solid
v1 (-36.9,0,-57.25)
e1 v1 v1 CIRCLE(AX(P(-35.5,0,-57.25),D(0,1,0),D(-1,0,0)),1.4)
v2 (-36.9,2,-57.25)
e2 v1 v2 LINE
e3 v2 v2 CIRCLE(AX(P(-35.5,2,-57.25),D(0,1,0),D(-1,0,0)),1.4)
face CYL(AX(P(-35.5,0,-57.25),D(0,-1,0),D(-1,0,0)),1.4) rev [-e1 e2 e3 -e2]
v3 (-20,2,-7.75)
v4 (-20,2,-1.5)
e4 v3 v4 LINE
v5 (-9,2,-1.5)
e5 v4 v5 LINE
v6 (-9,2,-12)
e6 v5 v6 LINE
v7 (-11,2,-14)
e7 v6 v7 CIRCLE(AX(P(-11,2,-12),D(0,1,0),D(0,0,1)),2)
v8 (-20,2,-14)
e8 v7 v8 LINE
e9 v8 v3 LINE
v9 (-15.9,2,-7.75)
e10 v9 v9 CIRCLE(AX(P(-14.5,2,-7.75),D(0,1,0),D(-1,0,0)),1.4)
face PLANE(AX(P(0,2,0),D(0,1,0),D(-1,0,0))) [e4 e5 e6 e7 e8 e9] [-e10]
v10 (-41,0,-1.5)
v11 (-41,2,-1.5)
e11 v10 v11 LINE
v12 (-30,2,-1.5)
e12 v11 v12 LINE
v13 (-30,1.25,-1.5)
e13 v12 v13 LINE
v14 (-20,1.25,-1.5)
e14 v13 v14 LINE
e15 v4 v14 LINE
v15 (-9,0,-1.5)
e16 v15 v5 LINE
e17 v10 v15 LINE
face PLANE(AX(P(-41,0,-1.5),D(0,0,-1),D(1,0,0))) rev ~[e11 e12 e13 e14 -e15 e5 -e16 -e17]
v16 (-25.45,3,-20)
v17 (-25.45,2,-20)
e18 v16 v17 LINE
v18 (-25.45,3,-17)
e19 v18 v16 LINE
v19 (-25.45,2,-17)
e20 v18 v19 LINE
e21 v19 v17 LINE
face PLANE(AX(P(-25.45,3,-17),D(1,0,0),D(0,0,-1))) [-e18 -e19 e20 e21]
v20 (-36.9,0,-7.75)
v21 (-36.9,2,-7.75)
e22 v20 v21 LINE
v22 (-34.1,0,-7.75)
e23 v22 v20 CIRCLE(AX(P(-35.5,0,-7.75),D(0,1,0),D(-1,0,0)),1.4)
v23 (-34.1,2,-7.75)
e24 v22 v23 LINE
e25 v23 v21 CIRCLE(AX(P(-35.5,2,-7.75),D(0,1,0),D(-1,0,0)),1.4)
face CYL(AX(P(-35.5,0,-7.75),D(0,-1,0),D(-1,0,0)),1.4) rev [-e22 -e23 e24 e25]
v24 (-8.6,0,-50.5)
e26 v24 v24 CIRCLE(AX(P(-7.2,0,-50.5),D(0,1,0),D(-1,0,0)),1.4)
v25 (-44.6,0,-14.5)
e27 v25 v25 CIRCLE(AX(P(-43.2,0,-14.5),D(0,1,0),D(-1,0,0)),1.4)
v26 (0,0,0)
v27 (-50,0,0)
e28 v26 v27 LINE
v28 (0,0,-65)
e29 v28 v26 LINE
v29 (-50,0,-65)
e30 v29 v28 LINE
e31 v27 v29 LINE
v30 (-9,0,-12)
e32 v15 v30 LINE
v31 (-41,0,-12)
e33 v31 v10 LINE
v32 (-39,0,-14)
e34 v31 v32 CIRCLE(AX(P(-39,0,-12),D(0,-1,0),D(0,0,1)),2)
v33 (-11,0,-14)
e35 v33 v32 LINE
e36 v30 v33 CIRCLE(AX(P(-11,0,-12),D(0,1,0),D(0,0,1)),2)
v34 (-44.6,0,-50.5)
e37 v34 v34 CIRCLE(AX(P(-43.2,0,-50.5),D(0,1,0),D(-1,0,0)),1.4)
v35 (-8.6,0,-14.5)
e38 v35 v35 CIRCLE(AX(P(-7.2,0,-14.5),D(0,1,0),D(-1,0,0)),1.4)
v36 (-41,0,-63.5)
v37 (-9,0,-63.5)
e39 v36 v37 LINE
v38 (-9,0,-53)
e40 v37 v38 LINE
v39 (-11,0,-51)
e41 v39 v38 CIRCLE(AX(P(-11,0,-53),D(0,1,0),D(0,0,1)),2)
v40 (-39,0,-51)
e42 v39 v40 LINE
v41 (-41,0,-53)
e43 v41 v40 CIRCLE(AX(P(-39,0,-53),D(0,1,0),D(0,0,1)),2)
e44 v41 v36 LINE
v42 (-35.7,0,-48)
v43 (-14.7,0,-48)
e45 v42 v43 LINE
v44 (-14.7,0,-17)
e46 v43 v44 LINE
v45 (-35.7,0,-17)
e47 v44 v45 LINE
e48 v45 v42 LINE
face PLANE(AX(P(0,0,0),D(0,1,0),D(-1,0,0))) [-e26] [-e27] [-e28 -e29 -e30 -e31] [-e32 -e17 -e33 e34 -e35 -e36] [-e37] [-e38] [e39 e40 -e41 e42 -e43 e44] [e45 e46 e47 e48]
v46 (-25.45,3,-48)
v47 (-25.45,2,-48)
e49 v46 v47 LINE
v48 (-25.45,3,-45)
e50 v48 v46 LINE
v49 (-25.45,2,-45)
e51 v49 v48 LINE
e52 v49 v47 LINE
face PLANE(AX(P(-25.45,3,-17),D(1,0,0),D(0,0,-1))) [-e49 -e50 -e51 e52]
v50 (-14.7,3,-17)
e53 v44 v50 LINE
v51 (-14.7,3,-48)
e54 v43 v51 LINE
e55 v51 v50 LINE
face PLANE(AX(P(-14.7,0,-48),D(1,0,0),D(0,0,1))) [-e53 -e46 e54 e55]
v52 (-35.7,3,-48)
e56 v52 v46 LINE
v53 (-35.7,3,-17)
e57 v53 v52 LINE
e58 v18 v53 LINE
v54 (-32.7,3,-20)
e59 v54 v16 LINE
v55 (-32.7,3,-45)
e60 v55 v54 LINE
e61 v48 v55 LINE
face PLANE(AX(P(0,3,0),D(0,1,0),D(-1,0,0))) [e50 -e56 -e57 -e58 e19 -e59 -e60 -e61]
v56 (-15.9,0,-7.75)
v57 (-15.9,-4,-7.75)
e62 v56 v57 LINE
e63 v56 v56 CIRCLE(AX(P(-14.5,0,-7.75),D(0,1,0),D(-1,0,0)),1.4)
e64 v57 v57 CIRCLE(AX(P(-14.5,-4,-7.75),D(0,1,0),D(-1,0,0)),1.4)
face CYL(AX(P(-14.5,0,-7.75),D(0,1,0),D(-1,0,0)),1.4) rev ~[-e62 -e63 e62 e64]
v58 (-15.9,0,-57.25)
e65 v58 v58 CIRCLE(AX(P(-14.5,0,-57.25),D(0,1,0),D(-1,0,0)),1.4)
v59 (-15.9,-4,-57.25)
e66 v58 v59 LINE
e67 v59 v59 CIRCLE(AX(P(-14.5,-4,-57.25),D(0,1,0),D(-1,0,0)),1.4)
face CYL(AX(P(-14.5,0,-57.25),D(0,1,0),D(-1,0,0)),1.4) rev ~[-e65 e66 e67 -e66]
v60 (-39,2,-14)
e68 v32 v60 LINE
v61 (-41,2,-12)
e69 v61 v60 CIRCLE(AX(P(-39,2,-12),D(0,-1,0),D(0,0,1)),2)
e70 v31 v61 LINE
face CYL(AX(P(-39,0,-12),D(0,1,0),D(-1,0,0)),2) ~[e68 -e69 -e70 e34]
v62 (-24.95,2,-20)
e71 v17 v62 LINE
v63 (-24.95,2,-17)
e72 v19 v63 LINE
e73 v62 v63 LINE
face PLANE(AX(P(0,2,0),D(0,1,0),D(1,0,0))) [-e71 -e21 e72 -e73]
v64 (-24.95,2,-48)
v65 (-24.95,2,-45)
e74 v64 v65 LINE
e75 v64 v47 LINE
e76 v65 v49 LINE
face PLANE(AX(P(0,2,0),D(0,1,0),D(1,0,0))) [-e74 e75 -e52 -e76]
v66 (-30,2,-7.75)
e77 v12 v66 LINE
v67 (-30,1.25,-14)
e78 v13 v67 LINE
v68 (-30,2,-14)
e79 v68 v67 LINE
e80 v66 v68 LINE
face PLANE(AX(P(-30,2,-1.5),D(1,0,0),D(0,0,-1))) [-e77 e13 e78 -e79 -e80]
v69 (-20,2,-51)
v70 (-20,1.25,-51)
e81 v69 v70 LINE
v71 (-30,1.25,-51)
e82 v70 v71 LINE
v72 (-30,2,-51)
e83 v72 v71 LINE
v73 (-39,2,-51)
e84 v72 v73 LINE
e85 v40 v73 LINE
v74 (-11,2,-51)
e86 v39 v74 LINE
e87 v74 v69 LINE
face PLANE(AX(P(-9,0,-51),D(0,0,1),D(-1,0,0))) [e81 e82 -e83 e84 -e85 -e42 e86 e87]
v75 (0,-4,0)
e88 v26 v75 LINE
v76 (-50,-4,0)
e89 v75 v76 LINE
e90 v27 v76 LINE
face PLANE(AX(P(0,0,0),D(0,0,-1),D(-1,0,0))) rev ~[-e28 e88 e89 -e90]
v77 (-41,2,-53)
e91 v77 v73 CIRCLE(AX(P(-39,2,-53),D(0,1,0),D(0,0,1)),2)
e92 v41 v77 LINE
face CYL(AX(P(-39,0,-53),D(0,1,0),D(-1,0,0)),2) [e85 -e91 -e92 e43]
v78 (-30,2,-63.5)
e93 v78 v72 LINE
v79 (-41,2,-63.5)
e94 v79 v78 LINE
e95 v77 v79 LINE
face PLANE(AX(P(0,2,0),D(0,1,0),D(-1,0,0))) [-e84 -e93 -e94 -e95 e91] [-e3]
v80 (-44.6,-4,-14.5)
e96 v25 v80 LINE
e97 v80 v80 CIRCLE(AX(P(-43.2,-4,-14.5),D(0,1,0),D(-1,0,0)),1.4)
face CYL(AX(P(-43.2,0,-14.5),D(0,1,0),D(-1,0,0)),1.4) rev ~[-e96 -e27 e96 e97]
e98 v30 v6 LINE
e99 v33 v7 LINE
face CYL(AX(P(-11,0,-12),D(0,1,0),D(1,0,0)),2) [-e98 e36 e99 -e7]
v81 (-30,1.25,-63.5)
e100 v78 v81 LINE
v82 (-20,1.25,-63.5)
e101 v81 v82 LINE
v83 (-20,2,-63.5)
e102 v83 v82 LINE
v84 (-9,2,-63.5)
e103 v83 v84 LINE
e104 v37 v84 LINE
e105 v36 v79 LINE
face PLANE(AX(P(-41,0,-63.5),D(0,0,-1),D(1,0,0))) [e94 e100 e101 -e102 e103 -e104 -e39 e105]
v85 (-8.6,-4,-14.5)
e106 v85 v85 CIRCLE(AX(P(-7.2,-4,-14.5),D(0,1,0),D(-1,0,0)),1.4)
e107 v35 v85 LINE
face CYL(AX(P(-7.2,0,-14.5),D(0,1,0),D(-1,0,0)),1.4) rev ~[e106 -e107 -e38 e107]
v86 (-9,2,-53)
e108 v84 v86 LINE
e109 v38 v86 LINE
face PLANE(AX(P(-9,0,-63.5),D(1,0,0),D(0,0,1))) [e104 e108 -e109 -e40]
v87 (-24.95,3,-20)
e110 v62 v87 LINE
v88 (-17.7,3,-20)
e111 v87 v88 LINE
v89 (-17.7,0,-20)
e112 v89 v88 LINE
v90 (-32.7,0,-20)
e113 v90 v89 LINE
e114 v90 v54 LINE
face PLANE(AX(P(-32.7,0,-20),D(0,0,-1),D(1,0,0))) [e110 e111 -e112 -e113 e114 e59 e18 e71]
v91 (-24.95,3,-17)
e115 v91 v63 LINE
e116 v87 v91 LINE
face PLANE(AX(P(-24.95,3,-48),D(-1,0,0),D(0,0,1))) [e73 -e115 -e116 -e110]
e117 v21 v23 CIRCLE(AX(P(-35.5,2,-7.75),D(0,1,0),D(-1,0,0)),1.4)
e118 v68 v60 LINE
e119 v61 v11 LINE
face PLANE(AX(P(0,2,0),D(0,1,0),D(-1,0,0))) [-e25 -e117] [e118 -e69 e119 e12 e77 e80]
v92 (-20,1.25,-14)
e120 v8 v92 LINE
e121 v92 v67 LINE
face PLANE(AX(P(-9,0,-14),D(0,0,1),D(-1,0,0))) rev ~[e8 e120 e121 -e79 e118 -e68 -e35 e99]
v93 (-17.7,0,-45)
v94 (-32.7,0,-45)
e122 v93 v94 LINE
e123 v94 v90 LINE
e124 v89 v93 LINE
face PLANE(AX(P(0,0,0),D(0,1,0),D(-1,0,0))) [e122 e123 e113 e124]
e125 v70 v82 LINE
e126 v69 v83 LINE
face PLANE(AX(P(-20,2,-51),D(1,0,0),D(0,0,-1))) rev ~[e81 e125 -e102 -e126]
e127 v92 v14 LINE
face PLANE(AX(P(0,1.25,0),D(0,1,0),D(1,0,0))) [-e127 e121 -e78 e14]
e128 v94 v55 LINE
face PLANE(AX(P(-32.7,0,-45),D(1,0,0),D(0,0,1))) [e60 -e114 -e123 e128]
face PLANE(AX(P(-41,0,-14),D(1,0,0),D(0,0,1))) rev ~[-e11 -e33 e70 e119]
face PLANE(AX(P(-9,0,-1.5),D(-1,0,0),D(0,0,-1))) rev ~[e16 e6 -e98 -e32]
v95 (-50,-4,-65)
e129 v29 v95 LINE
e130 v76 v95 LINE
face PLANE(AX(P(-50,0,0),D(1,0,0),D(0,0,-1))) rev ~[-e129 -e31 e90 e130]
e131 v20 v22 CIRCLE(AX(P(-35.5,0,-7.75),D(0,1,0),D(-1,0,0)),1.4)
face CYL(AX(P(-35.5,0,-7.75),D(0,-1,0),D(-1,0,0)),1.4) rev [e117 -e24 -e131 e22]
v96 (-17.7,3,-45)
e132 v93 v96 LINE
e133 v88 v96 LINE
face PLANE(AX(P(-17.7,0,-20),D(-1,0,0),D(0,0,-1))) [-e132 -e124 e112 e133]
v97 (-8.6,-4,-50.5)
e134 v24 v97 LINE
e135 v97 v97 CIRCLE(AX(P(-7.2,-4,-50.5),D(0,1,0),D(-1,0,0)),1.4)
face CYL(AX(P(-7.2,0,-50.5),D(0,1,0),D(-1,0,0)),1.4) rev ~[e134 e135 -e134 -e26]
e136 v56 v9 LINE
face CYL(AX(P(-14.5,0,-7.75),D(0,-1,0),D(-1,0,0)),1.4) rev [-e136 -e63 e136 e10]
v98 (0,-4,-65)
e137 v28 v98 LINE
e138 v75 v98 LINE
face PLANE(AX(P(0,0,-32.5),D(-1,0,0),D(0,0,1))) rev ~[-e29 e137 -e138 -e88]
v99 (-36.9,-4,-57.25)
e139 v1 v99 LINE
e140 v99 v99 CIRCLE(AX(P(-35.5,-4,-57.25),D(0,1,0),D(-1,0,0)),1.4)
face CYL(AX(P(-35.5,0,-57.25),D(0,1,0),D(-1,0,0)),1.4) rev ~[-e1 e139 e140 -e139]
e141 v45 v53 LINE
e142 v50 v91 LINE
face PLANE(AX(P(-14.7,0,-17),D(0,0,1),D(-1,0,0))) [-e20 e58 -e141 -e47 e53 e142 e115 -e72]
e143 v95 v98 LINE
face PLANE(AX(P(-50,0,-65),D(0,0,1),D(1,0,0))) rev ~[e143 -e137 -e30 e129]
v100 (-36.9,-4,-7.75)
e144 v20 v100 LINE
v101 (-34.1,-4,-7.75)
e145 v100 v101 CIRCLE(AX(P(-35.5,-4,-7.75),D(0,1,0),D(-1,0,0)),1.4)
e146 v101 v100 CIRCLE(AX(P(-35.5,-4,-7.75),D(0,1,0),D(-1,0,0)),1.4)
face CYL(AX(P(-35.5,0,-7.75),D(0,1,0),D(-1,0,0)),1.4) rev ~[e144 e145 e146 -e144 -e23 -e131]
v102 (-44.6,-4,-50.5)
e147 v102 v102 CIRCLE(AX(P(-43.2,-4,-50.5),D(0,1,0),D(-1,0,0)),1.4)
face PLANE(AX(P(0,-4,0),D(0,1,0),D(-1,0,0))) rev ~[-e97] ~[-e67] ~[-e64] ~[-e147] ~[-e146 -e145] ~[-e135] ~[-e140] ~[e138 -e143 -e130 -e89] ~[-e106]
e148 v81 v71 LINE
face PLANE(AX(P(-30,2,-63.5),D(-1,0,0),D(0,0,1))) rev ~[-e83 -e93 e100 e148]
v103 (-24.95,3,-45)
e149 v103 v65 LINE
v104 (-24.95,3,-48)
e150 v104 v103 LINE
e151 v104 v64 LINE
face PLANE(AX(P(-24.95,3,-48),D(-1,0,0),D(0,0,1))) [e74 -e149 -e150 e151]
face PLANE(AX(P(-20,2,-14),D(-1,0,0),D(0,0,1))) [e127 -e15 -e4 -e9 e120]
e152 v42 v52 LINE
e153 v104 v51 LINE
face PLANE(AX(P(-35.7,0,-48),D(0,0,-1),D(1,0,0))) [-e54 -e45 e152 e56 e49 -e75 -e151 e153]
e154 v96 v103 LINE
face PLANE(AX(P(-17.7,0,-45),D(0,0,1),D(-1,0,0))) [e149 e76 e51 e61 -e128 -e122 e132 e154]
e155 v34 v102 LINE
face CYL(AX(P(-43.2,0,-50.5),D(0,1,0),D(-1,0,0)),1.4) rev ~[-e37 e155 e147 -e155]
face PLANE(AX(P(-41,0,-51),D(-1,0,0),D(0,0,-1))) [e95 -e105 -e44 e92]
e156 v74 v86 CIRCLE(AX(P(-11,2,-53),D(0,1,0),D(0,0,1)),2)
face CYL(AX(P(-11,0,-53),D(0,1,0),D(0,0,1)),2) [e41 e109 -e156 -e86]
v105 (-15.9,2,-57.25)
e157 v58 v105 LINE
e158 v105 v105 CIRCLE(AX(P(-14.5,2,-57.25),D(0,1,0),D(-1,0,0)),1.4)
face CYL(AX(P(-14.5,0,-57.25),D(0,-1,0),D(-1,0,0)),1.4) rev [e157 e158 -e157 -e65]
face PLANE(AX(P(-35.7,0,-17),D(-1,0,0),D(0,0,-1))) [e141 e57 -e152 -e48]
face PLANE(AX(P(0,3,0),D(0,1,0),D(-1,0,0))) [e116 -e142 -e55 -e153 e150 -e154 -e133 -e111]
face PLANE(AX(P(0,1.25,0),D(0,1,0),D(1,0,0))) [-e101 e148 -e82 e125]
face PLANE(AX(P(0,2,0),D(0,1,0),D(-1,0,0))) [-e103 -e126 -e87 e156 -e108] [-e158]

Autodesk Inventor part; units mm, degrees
ref_plane "YZ Plane" through (0, 0, 0) normal (1, 0, 0) x (0, 1, 0)
ref_plane "XZ Plane" through (0, 0, 0) normal (0, 1, 0) x (-1, 0, 0)
ref_plane "XY Plane" through (0, 0, 0) normal (0, 0, 1) x (1, 0, 0)
sketch "Boceto1" plane through (0, 0, 0) normal (0, 1, 0) x (-1, 0, 0)
  line L0 (0, 0) -> (50, 0)
  line L1 (50, 0) -> (50, -65)
  line L2 (50, -65) -> (0, -65)
  line L3 (0, -65) -> (0, 0)
  line L4 (17.7, -45) -> (32.7, -45)
  line L5 (32.7, -45) -> (32.7, -20)
  line L6 (32.7, -20) -> (17.7, -20)
  line L7 (17.7, -20) -> (17.7, -45)
  line L8 (17.7, -45) -> (32.7, -20) construction
  line L9 (32.7, -45) -> (17.7, -20) construction
  line L10 (35.7, -17) -> (35.7, -48)
  line L11 (35.7, -48) -> (14.7, -48)
  line L12 (14.7, -48) -> (14.7, -17)
  line L13 (14.7, -17) -> (35.7, -17)
  line L14 (41, -1.5) -> (9, -1.5)
  line L15 (9, -1.5) -> (9, -14)
  line L16 (9, -14) -> (41, -14)
  line L17 (41, -14) -> (41, -1.5)
  line L18 (32.7, -32.5) -> (17.7, -32.5) construction
  line L19 (41, -7.75) -> (35.5, -7.75) construction
  line L20 (35.5, -7.75) -> (14.5, -7.75) construction
  line L21 (14.5, -7.75) -> (9, -7.75) construction
  circle A0 centre (35.5, -7.75) radius 1.4
  circle A1 centre (14.5, -7.75) radius 1.4
  line L22 (41, -63.5) -> (9, -63.5)
  line L23 (9, -63.5) -> (9, -51)
  line L24 (9, -51) -> (41, -51)
  line L25 (41, -51) -> (41, -63.5)
  circle A2 centre (35.5, -57.25) radius 1.4
  circle A3 centre (14.5, -57.25) radius 1.4
  line L26 (50, -32.5) -> (43.2, -32.5) construction
  line L27 (0, -32.5) -> (6.8, -32.5)
  line L28 (45.9347, 0) -> (45.9347, -14) construction
  line L29 (43.2, -32.5) -> (43.2, -14.5) construction
  line L30 (43.2, -14.5) -> (50, -14.5) construction
  circle A4 centre (43.2, -14.5) radius 1.4
  line L31 (25.2, -20) -> (25.2, -45) construction
  circle A5 centre (7.2, -14.5) radius 1.4
  circle A6 centre (35.5, -57.25) radius 1.4
  circle A7 centre (43.2, -50.5) radius 1.4
  circle A8 centre (7.2, -50.5) radius 1.4
  line L32 (35.5, -7.75) -> (14.5, -7.75)
  point P0 (25.2, -32.5)
  point P1 (25, -14)
  point P2 (25.2, -17)
  dimension "d0" = 65
  dimension "d1" = 50
  dimension "d2" = 25
  dimension "d3" = 15
  dimension "d4" = 3
  dimension "d5" = 12.5
  dimension "d6" = 32
  dimension "d7" = 3
  dimension "d8" = 5.5
  dimension "d9" = 5.5
  dimension "d10" = 2.8
  dimension "d11" = 2.8
  dimension "d12" = 6.8
  dimension "d13" = 6.8
  dimension "d14" = 14
  dimension "d15" = 2.8
  dimension "d30" = 36
  dimension "d31" = 36
  dimension "d32" = 1.5
extrude "Extrusión1" add sketch "Boceto1" along normal blind 3 contours L10 L11 L12 L13
extrude "Extrusión2" add sketch "Boceto1" against normal blind 4 contours L0 L1 L2 L3 | L17 L16 L15 L14 | L22 L23 L24 L25
extrude "Extrusión3" add sketch "Boceto1" along normal blind 2 contours L17 L16 L15 L14 | L22 L23 L24 L25
sketch "Boceto2" plane through (0, 2, 0) normal (0, 1, 0) x (1, 0, 0)
  line L0 (-41, 1.5) -> (-9, 1.5) projected
  line L1 (-25, 1.5) -> (-25, 14)
  line L2 (-9, 14) -> (-41, 14) projected
  line L3 (-20, 1.5) -> (-30, 1.5)
  line L4 (-30, 1.5) -> (-30, 14)
  line L5 (-30, 14) -> (-20, 14)
  line L6 (-20, 14) -> (-20, 1.5)
  line L7 (-20, 1.5) -> (-30, 14) construction
  line L8 (-30, 1.5) -> (-20, 14) construction
  line L9 (-32.7, 32.5) -> (-17.7, 32.5) construction
  line L10 (-41, 63.5) -> (-9, 63.5)
  line L11 (-9, 51) -> (-41, 51)
  line L12 (-30, 63.5) -> (-30, 51)
  line L13 (-20, 51) -> (-20, 63.5)
  point P0 (0, 0)
  point P1 (-25, 7.75)
  dimension "d22" = 10
extrude "Extrusión4" cut sketch "Boceto2" against normal blind 0.75
extrude "Extrusión5" add sketch "Boceto1" against normal blind 4 contours L7 L6 L5 L4 | L10 L11 L12 L13
sketch "Boceto3" plane through (0, 3, 0) normal (0, 1, 0) x (1, 0, 0)
  line L0 (-25.2, 20) -> (-25.2, 45) construction
  line L1 (-35.7, 17) -> (-14.7, 17) projected
  line L2 (-25.2, 17) -> (-25.2, 48)
  line L3 (-14.7, 48) -> (-35.7, 48) projected
  line L4 (-24.95, 17) -> (-25.45, 17)
  line L5 (-25.45, 17) -> (-25.45, 48)
  line L6 (-25.45, 48) -> (-24.95, 48)
  line L7 (-24.95, 48) -> (-24.95, 17)
  line L8 (-24.95, 17) -> (-25.45, 48) construction
  line L9 (-25.45, 17) -> (-24.95, 48) construction
  point P0 (0, 0)
  point P1 (-25.2, 32.5)
  point P2 (-24.95, 17)
  point P3 (-24.95, 48)
  point P4 (-25.45, 17)
  dimension "d27" = 0.5
extrude "Extrusión6" cut sketch "Boceto3" against normal blind 1
sketch "Boceto4" plane through (-41, 0, -1.5) normal (0, 0, 1) x (1, 0, 0)
  line L0 (16.05, 2) -> (15.55, 2) projected
  line L1 (21, 1.25) -> (11, 1.25) projected
  line L2 (-9, 0) -> (41, 0) projected
  line L3 (15.55, 2) -> (15.55, 3) projected
fillet "Empalme1" radius 2 4 edges at (-41, 1, -51) (-9, 1, -51) (-9, 1, -14) (-41, 1, -14)
equation "\"d9\" = d8"
equation "\"d13\" = d12"
properties part number "Molde 1FBR 1.0mm"
